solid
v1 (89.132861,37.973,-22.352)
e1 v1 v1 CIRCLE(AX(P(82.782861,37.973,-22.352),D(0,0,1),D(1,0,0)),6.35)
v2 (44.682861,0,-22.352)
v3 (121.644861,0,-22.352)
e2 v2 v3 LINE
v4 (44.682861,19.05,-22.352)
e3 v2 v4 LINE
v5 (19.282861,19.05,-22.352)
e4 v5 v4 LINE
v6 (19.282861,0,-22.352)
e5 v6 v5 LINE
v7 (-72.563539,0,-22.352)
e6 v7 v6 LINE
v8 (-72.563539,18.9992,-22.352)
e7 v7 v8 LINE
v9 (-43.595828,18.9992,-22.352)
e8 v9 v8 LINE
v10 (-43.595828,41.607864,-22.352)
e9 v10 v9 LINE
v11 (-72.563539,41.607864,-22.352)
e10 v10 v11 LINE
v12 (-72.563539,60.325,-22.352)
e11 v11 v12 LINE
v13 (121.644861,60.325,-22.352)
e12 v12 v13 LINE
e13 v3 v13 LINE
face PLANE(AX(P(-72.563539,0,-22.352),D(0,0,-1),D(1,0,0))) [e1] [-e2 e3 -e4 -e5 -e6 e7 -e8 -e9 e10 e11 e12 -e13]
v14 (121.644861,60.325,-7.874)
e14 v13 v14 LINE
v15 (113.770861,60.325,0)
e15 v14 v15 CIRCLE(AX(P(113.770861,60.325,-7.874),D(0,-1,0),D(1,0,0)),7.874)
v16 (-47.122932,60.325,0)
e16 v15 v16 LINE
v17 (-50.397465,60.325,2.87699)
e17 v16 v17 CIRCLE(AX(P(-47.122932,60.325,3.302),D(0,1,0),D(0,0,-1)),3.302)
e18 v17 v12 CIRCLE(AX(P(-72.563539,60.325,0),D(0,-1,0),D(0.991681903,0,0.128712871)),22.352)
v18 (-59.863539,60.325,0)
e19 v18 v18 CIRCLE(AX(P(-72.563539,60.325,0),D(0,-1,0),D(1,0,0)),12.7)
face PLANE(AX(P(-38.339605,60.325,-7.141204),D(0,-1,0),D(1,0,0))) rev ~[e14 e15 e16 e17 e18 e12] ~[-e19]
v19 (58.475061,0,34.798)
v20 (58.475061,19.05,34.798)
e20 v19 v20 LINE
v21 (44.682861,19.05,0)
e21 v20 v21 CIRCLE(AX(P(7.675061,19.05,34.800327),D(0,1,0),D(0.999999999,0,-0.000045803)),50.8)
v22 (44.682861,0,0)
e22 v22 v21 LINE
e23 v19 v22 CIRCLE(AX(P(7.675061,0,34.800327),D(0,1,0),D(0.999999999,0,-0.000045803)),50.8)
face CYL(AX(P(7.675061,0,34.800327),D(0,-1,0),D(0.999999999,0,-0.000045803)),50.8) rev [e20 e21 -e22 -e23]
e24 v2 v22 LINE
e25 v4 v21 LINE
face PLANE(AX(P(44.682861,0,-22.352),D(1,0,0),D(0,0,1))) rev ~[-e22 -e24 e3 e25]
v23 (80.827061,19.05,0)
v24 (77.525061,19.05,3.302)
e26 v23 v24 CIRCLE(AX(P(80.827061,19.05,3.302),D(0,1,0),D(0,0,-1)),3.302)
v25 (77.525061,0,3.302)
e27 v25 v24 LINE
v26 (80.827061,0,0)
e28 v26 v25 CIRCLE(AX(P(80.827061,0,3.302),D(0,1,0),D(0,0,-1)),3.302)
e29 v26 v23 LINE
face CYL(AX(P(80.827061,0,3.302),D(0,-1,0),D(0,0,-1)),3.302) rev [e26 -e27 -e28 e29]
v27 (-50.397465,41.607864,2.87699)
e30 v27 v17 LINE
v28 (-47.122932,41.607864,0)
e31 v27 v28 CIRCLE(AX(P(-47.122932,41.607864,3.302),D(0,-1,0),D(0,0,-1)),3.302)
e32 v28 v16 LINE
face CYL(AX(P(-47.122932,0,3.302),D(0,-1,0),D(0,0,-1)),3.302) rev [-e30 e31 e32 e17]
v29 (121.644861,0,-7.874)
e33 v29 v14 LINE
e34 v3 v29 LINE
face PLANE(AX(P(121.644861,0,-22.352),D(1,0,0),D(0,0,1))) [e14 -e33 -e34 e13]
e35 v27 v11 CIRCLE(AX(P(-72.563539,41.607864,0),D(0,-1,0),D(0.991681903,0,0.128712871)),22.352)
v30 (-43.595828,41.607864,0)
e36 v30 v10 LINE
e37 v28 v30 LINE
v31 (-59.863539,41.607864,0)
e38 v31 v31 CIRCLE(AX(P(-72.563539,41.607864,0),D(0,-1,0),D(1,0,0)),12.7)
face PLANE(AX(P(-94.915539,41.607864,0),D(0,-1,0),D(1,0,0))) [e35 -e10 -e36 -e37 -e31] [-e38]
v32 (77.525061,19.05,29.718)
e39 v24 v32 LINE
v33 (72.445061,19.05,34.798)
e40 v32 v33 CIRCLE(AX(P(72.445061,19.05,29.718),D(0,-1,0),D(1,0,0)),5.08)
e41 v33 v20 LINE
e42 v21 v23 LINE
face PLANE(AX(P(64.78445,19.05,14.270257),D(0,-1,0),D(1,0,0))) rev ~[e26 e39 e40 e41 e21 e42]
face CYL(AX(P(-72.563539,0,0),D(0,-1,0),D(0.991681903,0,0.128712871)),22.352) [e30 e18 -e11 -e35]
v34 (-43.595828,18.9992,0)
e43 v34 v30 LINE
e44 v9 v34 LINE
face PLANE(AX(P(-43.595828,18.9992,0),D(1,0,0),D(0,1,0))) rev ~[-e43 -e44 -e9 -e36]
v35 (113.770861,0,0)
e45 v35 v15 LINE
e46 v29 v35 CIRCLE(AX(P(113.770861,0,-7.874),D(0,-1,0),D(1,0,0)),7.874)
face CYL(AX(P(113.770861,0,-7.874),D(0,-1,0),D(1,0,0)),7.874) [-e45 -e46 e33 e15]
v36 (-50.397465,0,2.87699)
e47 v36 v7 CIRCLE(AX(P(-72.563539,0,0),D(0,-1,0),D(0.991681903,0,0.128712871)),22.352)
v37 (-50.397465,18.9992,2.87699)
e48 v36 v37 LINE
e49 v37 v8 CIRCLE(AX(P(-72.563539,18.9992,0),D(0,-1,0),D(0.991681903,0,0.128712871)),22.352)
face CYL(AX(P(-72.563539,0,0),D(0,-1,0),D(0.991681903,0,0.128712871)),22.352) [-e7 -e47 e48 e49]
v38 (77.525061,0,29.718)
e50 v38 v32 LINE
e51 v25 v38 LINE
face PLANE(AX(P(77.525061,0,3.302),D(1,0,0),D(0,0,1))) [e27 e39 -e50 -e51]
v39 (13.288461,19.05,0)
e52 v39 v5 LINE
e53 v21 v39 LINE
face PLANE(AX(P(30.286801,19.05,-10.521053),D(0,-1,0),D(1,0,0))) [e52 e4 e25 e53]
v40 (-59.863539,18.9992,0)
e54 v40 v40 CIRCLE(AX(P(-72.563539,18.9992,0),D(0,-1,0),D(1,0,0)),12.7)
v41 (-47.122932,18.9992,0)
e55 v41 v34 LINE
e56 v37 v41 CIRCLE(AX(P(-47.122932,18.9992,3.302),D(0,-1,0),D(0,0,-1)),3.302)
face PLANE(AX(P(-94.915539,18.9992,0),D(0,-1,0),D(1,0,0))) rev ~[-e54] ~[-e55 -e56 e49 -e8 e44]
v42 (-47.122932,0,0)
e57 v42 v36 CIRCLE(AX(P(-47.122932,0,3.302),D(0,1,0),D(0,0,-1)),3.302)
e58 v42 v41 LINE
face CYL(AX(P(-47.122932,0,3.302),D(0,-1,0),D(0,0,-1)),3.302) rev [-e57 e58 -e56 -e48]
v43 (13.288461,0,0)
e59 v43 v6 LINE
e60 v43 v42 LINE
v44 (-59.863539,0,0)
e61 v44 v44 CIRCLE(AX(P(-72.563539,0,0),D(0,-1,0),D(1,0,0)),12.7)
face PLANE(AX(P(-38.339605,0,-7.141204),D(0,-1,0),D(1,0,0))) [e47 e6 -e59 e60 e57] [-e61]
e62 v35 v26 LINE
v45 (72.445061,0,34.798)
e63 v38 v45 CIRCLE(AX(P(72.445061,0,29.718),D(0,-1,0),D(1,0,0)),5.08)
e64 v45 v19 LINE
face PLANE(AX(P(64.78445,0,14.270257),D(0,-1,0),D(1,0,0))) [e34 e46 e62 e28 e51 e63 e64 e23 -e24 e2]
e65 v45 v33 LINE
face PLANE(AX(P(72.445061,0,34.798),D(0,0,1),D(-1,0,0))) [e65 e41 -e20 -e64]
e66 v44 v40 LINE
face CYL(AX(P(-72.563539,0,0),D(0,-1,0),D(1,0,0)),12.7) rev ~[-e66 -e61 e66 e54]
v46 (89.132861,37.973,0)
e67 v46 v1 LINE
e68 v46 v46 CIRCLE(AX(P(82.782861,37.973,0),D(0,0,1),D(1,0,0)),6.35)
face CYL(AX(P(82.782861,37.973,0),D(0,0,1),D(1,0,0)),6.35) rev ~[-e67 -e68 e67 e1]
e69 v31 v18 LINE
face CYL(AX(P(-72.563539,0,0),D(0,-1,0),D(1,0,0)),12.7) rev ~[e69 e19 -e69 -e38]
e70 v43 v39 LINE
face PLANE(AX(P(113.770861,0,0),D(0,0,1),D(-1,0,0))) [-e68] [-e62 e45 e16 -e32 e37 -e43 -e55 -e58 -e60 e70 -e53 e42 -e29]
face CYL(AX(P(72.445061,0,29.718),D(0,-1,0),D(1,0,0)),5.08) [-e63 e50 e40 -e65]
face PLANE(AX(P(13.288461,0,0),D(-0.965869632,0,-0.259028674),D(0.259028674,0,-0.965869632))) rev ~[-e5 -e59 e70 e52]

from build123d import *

# Parameters (mm, degrees)
F0_R     = 12.7
F1_DEPTH = 60.325
F2_W     = 51.3197111964
F2_H     = 22.6086642011
F3_DEPTH = 55.88
F4_DEPTH = 19.05
F5_DEPTH = 19.05
F6_R     = 6.35
F7_DEPTH = 22.353


with BuildPart() as f1:
    # F0 (on Front) → F1 (new body)
    with BuildSketch(Plane.XZ):
        with BuildLine():
            ThreePointArc((-47.1229317725, 0), (-49.3023607466, 0.8214167326), (-50.3974654162, 2.876990099))
            ThreePointArc((-50.3974654162, 2.876990099), (-89.3551798917, 14.7530576713), (-72.5635393124, -22.352))
            Line((-72.5635393124, -22.352), (19.2828606876, -22.352))
            Line((19.2828606876, -22.352), (13.2884606876, 0))
            Line((13.2884606876, 0), (-47.1229317725, 0))
        make_face()
        with Locations((-72.5635393124, 0)):
            Circle(F0_R, mode=Mode.SUBTRACT)
        Polygon((13.2884606876, 0), (19.2828606876, -22.352), (44.6828606876, -22.352), (44.6828606876, 0), align=None)
        with BuildLine():
            Line((44.6828606876, 0), (44.6828606876, -22.352))
            Line((44.6828606876, -22.352), (121.6448606876, -22.352))
            Line((121.6448606876, -22.352), (121.6448606876, -7.874))
            ThreePointArc((121.6448606876, -7.874), (119.3386194827, -2.3062412049), (113.7708606876, 0))
            Line((113.7708606876, 0), (80.8270606876, 0))
            Line((80.8270606876, 0), (44.6828606876, 0))
        make_face()
    extrude(amount=-F1_DEPTH)

    # F2 (on Top) → F3 (cut, symmetric)
    with BuildSketch(Plane.XY):
        with Locations((-69.2556837142, 30.3035321005)):
            Rectangle(F2_W, F2_H)
    extrude(amount=F3_DEPTH, both=True, mode=Mode.SUBTRACT)

    # F0 (on Front) → F4 (cut)
    with BuildSketch(Plane.XZ):
        Polygon((13.2884606876, 0), (19.2828606876, -22.352), (44.6828606876, -22.352), (44.6828606876, 0), align=None)
    extrude(amount=-F4_DEPTH, mode=Mode.SUBTRACT)

    # F0 (on Front) → F5 (join)
    with BuildSketch(Plane.XZ):
        with BuildLine():
            ThreePointArc((58.4750606876, 34.798), (54.9008760492, 16.0823576341), (44.6828606876, 0))
            Line((44.6828606876, 0), (80.8270606876, 0))
            ThreePointArc((80.8270606876, 0), (78.4921940962, 0.9671334085), (77.5250606876, 3.302))
            Line((77.5250606876, 3.302), (77.5250606876, 29.718))
            ThreePointArc((77.5250606876, 29.718), (76.0371631361, 33.3101024484), (72.4450606876, 34.798))
            Line((72.4450606876, 34.798), (58.4750606876, 34.798))
        make_face()
    extrude(amount=-F5_DEPTH)

    # F6 (on Top) → F7 (cut, through all)
    with BuildSketch(Plane.XY):
        with Locations((82.7828606876, 37.973)):
            Circle(F6_R)
    extrude(amount=-F7_DEPTH, mode=Mode.SUBTRACT)


solid = f1.part
